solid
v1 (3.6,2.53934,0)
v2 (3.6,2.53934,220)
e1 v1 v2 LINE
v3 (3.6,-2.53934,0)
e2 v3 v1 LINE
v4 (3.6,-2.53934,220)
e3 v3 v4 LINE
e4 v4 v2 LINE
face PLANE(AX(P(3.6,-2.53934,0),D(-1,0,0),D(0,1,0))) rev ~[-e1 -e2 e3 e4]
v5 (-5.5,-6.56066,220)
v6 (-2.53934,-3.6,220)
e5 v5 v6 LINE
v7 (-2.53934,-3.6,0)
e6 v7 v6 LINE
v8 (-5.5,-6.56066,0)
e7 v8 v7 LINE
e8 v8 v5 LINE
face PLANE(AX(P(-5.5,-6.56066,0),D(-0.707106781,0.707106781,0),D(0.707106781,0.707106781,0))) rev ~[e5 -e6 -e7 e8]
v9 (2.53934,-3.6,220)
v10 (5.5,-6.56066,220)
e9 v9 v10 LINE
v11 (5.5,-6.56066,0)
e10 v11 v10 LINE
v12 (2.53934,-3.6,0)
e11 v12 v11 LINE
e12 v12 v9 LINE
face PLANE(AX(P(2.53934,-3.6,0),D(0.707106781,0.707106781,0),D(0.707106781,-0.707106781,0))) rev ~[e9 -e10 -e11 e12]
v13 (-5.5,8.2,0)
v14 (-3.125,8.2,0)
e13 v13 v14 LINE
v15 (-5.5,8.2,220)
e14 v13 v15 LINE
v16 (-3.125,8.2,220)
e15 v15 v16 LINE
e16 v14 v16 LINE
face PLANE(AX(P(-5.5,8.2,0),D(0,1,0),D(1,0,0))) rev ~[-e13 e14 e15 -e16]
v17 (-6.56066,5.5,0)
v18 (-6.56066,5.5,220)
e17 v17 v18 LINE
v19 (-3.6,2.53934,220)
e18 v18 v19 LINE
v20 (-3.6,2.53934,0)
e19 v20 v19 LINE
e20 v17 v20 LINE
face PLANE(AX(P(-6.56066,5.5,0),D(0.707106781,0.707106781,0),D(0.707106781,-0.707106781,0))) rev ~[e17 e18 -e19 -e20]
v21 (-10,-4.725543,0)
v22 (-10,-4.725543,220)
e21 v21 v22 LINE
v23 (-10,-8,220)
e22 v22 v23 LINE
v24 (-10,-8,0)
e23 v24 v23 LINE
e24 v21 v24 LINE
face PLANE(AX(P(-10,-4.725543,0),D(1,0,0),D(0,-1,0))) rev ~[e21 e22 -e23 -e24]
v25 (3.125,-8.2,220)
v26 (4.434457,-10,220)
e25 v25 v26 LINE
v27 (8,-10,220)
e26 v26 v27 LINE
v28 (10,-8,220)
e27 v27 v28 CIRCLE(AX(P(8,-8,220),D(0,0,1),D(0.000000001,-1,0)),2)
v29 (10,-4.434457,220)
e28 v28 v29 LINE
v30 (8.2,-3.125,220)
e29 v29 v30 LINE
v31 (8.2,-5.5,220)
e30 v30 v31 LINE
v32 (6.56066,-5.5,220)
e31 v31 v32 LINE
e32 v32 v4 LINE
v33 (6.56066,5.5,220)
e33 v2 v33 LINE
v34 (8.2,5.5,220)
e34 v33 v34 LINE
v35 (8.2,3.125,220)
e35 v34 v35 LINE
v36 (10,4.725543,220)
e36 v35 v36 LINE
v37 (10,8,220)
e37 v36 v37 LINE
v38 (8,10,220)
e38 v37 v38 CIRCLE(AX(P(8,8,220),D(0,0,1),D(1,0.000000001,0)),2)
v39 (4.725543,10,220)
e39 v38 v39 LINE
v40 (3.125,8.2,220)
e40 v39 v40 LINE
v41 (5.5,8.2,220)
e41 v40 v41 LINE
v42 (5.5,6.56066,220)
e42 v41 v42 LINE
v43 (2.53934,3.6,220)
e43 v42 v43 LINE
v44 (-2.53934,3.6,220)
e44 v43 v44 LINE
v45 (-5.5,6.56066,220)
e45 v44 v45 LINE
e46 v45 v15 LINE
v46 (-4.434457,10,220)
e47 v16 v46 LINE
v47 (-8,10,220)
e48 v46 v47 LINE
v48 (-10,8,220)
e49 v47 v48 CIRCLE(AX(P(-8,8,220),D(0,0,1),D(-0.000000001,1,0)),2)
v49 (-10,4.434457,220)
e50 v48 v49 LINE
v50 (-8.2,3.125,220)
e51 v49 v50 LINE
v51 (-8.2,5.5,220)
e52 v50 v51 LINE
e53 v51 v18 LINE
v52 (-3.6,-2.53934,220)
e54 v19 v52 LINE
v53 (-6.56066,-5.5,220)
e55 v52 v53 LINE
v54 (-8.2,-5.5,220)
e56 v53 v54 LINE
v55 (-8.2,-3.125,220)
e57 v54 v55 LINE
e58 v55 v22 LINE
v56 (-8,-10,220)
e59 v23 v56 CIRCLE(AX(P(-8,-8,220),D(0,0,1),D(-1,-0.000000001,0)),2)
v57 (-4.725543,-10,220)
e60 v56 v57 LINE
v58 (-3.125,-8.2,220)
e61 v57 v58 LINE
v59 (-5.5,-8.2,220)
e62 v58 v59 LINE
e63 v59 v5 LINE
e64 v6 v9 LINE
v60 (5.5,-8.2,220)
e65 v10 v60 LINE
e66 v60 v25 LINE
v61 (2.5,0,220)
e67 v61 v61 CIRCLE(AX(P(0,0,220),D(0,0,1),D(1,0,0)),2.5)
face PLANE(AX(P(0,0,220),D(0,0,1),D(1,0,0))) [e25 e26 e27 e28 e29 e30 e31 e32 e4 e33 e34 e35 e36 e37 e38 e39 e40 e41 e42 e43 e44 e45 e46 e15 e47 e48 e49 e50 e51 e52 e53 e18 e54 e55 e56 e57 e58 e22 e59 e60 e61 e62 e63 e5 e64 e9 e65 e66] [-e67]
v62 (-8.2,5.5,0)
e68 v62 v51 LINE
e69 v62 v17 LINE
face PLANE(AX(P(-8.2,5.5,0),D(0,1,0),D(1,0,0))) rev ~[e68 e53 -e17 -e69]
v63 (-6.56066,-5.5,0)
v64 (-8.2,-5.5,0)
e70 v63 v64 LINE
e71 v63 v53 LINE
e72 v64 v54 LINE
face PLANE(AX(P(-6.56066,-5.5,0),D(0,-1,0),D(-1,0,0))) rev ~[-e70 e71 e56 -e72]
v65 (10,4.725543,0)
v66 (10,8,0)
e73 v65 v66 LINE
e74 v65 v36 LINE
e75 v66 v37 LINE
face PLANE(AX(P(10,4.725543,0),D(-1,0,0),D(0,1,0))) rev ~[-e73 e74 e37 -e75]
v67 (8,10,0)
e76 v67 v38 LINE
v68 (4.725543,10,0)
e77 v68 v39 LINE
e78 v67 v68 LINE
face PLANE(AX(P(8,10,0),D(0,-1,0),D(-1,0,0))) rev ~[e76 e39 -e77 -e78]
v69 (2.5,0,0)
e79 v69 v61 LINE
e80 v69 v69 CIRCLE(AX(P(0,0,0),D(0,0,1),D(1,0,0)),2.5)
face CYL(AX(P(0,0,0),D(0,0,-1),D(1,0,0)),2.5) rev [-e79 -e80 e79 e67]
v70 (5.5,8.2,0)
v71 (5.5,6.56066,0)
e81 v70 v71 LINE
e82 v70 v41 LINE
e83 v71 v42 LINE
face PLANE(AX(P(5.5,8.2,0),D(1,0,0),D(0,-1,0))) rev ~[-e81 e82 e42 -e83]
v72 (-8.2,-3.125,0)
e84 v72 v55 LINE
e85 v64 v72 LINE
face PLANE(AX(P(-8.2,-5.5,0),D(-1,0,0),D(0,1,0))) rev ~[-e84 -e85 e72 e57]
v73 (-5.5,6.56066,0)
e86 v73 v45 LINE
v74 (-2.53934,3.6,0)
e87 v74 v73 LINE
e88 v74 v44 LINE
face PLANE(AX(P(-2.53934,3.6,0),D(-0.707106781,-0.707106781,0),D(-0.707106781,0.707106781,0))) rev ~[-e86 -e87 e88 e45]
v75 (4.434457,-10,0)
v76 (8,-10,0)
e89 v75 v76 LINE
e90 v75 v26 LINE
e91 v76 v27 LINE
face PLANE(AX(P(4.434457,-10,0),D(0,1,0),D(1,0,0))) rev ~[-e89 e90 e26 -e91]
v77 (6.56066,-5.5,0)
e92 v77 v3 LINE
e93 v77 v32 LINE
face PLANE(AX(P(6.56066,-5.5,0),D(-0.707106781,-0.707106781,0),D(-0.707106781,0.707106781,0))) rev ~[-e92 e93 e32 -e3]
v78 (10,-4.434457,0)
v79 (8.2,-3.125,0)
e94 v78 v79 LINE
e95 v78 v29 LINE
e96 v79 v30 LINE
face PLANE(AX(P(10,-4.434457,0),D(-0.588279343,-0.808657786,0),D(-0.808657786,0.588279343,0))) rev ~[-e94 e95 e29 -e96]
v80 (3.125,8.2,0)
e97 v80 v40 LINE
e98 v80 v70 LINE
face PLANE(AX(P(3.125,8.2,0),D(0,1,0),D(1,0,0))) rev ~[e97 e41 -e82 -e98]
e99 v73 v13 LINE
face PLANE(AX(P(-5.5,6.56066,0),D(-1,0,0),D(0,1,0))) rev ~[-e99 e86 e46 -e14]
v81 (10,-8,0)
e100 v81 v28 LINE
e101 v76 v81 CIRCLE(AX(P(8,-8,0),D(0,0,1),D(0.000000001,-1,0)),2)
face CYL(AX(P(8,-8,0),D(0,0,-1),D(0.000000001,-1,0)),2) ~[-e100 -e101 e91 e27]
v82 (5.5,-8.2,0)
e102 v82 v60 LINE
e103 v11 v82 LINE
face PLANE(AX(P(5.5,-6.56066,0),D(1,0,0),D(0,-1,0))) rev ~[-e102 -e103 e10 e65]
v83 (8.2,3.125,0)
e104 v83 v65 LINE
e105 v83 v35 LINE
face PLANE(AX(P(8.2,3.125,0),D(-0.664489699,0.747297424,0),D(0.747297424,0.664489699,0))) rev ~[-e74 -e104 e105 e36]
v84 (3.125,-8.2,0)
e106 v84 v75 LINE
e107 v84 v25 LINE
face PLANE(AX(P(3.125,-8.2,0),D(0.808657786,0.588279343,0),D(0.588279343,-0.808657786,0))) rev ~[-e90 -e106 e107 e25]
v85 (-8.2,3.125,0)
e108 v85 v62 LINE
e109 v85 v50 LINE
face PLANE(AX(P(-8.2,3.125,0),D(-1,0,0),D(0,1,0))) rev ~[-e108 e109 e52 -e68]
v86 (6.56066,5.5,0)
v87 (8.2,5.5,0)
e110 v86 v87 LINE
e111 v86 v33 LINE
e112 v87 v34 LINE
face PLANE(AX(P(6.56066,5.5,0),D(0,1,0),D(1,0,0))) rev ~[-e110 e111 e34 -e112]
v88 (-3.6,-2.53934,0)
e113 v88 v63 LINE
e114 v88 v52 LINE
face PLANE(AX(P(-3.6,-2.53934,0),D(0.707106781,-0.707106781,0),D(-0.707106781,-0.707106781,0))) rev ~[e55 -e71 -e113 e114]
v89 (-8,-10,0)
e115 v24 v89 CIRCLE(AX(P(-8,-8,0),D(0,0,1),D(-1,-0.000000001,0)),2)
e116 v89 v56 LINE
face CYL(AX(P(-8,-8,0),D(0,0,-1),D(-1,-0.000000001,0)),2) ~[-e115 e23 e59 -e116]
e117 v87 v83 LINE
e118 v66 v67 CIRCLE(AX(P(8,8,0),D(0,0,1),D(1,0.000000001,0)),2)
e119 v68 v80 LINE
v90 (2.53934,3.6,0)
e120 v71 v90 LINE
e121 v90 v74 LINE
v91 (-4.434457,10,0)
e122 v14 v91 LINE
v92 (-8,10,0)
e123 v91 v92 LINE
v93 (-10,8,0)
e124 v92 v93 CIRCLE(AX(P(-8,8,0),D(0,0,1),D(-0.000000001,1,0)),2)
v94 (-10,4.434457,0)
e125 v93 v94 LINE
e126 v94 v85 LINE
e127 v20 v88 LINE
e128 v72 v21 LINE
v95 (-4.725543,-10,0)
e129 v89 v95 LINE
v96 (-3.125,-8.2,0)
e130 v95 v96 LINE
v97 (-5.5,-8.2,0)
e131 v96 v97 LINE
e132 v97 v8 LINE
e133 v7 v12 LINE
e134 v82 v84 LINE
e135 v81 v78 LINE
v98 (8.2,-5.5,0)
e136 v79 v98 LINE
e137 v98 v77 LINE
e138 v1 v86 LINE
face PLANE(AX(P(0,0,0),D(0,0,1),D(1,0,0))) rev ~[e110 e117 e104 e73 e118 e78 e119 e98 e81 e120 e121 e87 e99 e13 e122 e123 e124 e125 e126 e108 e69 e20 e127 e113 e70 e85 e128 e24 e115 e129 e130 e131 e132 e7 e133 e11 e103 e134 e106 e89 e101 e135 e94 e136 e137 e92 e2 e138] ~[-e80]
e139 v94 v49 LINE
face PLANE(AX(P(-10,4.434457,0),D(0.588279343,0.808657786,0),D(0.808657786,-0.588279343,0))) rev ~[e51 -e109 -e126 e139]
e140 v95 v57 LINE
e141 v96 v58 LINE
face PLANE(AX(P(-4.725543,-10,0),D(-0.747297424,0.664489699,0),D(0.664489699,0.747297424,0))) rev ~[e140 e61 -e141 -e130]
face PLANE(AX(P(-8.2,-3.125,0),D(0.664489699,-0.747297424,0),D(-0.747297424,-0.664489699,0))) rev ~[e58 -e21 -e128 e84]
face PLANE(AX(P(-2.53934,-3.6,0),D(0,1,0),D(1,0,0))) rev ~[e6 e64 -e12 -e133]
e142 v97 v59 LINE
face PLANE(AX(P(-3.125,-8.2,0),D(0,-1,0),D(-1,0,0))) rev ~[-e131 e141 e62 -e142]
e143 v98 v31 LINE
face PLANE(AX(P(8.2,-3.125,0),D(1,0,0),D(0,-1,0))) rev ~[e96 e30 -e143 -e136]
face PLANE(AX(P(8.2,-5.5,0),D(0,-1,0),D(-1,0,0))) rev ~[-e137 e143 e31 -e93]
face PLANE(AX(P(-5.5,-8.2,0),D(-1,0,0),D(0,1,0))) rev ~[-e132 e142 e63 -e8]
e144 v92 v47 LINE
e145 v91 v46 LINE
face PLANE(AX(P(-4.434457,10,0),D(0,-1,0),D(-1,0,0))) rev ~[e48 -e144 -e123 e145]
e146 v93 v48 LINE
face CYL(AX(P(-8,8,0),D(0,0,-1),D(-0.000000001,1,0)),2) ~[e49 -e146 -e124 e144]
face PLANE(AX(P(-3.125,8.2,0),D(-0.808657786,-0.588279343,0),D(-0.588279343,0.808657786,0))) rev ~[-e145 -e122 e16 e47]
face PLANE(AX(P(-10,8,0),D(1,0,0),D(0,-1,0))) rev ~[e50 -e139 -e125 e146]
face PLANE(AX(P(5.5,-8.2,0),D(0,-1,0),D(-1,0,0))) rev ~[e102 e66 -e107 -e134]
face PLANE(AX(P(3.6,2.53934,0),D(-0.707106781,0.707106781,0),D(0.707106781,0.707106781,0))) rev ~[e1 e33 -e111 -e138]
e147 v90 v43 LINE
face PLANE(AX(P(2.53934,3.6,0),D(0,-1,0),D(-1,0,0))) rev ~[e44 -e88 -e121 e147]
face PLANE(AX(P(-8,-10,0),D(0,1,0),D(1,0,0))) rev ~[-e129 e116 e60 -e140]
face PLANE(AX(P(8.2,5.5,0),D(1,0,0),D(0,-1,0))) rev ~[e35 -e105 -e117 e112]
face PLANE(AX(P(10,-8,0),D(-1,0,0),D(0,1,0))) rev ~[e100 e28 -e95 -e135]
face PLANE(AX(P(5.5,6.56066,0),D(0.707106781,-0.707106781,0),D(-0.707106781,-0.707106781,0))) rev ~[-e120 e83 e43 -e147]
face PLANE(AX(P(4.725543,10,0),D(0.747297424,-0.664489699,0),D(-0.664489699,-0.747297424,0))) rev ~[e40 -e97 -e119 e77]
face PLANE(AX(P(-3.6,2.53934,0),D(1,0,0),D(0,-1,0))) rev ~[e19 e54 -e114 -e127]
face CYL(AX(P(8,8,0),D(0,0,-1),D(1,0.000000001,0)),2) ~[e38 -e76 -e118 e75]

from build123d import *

# Parameters (mm, degrees)
SKETCH1_R           = 2.5
BOSS_EXTRUDE1_DEPTH = 220


with BuildPart() as part:
    # Sketch1 → Boss-Extrude1 (new body)
    with BuildSketch(Plane.XY):
        with BuildLine():
            Line((-4.725542729, -10), (-3.125, -8.2))
            Line((-3.125, -8.2), (-5.5, -8.2))
            Line((-5.5, -8.2), (-5.5, -6.560660172))
            Line((-5.5, -6.560660172), (-2.539339828, -3.6))
            Line((-2.539339828, -3.6), (2.539339828, -3.6))
            Line((2.539339828, -3.6), (5.5, -6.560660172))
            Line((5.5, -6.560660172), (5.5, -8.2))
            Line((5.5, -8.2), (3.125, -8.2))
            Line((3.125, -8.2), (4.434457271, -10))
            Line((4.434457271, -10), (8, -10))
            ThreePointArc((8, -10), (9.414213562, -9.414213562), (10, -8))
            Line((10, -8), (10, -4.434457271))
            Line((10, -4.434457271), (8.2, -3.125))
            Line((8.2, -3.125), (8.2, -5.5))
            Line((8.2, -5.5), (6.560660172, -5.5))
            Line((6.560660172, -5.5), (3.6, -2.539339828))
            Line((3.6, -2.539339828), (3.6, 2.539339828))
            Line((3.6, 2.539339828), (6.560660172, 5.5))
            Line((6.560660172, 5.5), (8.2, 5.5))
            Line((8.2, 5.5), (8.2, 3.125))
            Line((8.2, 3.125), (10, 4.725542729))
            Line((10, 4.725542729), (10, 8))
            ThreePointArc((10, 8), (9.414213562, 9.414213562), (8, 10))
            Line((8, 10), (4.725542729, 10))
            Line((4.725542729, 10), (3.125, 8.2))
            Line((3.125, 8.2), (5.5, 8.2))
            Line((5.5, 8.2), (5.5, 6.560660172))
            Line((5.5, 6.560660172), (2.539339828, 3.6))
            Line((2.539339828, 3.6), (-2.539339828, 3.6))
            Line((-2.539339828, 3.6), (-5.5, 6.560660172))
            Line((-5.5, 6.560660172), (-5.5, 8.2))
            Line((-5.5, 8.2), (-3.125, 8.2))
            Line((-3.125, 8.2), (-4.434457271, 10))
            Line((-4.434457271, 10), (-8, 10))
            ThreePointArc((-8, 10), (-9.414213562, 9.414213562), (-10, 8))
            Line((-10, 8), (-10, 4.434457271))
            Line((-10, 4.434457271), (-8.2, 3.125))
            Line((-8.2, 3.125), (-8.2, 5.5))
            Line((-8.2, 5.5), (-6.560660172, 5.5))
            Line((-6.560660172, 5.5), (-3.6, 2.539339828))
            Line((-3.6, 2.539339828), (-3.6, -2.539339828))
            Line((-3.6, -2.539339828), (-6.560660172, -5.5))
            Line((-6.560660172, -5.5), (-8.2, -5.5))
            Line((-8.2, -5.5), (-8.2, -3.125))
            Line((-8.2, -3.125), (-10, -4.725542729))
            Line((-10, -4.725542729), (-10, -8))
            ThreePointArc((-10, -8), (-9.414213562, -9.414213562), (-8, -10))
            Line((-8, -10), (-4.725542729, -10))
        make_face()
        Circle(SKETCH1_R, mode=Mode.SUBTRACT)
    extrude(amount=BOSS_EXTRUDE1_DEPTH)


solid = part.part
